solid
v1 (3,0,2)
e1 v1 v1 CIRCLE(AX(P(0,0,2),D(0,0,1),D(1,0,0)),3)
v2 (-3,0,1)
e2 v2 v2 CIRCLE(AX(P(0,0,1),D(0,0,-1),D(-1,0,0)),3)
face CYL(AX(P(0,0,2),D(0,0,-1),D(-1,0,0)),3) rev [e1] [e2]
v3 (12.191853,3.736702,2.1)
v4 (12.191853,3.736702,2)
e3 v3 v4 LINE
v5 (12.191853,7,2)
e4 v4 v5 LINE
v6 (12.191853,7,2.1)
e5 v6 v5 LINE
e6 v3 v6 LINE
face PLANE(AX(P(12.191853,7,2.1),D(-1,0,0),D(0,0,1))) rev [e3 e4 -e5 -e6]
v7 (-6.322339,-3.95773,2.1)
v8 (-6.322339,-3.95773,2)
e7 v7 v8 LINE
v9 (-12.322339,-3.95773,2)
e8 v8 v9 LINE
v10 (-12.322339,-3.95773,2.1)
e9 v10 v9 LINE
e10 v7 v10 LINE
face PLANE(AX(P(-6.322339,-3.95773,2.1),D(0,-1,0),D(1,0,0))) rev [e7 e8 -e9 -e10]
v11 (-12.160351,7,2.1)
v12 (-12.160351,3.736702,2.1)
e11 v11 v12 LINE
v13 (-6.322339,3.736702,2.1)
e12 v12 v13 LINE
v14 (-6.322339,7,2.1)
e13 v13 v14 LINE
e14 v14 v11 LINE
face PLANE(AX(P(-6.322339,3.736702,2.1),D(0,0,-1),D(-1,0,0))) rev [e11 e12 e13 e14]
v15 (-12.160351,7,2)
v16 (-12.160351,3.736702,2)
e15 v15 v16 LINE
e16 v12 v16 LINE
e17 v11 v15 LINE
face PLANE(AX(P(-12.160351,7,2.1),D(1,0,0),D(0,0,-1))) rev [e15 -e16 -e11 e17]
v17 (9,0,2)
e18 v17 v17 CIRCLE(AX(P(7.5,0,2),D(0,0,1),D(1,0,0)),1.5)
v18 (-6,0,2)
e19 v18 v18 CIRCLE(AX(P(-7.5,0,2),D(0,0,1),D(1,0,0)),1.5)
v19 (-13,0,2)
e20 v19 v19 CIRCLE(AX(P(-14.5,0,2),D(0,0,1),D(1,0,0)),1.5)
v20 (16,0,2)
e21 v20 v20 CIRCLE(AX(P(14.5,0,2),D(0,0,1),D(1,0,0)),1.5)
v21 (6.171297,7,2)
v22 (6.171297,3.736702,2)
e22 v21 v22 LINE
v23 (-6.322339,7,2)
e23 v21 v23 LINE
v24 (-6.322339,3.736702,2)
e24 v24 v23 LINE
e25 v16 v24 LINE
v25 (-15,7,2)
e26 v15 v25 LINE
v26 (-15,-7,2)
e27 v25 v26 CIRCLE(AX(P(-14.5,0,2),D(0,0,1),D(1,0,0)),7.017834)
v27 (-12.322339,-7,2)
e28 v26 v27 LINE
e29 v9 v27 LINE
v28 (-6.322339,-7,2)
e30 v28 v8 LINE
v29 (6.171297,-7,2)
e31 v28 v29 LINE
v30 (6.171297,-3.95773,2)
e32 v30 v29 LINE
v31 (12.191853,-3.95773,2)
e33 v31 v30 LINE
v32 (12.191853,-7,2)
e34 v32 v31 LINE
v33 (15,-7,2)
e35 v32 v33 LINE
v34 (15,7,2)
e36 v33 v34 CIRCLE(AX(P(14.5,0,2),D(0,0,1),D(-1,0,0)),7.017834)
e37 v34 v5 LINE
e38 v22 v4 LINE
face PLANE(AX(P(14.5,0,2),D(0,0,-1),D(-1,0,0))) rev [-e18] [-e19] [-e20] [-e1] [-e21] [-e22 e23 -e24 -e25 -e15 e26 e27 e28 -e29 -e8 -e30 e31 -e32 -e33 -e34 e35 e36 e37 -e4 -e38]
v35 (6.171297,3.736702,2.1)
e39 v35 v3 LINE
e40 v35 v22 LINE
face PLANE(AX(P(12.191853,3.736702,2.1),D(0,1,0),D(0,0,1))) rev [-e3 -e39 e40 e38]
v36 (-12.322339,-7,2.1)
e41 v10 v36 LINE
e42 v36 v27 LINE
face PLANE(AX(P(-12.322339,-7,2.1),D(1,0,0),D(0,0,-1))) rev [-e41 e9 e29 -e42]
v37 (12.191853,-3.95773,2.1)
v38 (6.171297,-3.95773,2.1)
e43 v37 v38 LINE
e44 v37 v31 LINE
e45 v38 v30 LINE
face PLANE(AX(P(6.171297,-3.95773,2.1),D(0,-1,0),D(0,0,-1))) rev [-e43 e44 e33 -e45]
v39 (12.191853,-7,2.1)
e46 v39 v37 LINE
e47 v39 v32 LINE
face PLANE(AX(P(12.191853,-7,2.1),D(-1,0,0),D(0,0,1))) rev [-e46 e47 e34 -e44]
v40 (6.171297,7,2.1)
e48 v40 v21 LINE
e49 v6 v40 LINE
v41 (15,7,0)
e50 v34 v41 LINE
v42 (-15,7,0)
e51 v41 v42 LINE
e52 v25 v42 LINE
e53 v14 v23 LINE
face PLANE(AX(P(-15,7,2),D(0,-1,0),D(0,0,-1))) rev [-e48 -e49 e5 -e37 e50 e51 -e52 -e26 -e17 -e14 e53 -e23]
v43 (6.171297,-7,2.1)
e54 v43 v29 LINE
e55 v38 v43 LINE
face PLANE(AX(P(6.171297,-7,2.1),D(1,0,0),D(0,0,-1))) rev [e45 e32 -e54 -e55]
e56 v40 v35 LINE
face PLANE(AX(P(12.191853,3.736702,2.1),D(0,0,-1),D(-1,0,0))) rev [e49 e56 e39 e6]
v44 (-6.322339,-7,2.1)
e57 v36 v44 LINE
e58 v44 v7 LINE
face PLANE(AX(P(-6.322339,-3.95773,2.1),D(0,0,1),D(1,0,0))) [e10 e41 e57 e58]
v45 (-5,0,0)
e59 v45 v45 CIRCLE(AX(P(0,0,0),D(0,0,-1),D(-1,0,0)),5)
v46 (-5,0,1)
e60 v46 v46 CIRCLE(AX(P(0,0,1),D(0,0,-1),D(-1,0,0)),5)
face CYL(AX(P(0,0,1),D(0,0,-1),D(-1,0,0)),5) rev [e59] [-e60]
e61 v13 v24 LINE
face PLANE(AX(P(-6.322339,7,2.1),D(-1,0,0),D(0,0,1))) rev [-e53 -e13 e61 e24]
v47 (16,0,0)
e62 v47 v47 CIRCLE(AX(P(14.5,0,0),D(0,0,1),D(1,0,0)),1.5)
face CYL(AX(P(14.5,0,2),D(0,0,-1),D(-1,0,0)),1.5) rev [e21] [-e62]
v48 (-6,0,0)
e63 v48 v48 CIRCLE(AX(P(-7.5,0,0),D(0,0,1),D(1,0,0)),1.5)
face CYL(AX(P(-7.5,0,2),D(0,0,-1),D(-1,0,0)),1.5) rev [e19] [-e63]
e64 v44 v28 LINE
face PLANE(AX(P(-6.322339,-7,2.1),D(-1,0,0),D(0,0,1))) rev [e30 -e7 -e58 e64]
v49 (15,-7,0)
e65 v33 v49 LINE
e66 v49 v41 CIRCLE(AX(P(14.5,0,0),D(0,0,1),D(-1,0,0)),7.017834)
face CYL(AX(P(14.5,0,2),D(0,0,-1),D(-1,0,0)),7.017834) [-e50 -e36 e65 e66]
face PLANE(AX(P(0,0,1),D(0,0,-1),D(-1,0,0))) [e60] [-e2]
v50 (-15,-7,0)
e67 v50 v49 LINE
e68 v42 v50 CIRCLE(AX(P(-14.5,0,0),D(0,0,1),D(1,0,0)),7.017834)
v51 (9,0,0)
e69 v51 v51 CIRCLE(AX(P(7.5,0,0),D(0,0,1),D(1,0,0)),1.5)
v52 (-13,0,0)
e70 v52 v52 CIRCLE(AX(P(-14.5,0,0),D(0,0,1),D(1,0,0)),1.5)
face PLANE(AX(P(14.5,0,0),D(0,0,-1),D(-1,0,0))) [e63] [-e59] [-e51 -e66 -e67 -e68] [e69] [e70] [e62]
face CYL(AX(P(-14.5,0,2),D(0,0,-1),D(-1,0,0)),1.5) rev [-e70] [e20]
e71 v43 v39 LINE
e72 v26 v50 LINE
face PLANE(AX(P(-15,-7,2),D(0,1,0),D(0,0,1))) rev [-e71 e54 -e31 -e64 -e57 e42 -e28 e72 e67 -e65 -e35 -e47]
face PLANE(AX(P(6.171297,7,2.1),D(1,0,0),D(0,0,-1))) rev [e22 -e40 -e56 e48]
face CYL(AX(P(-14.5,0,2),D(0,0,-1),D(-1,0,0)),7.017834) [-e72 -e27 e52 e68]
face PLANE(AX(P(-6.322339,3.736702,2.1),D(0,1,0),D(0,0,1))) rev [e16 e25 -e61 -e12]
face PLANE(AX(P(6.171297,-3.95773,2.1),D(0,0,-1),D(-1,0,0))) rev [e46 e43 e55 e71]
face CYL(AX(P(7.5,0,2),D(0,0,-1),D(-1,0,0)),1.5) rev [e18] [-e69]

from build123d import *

# Parameters (mm, degrees)
SKETCH1_R           = 3
SKETCH1_R_2         = 1.5
BOSS_EXTRUDE1_DEPTH = 2
SKETCH2_W           = 6.020555891
SKETCH2_H           = 3.042269969
SKETCH2_H_2         = 3.263297615
SKETCH2_W_2         = 6
SKETCH2_W_3         = 5.83801195
BOSS_EXTRUDE2_DEPTH = 0.1
SKETCH3_R           = 5
CUT_EXTRUDE1_DEPTH  = 1


with BuildPart() as part:
    # Sketch1 → Boss-Extrude1 (new body)
    with BuildSketch(Plane.XY):
        with BuildLine():
            Line((-15, -7), (15, -7))
            ThreePointArc((15, -7), (21.517834424, 0), (15, 7))
            Line((15, 7), (-15, 7))
            ThreePointArc((-15, 7), (-21.517834424, 0), (-15, -7))
        make_face()
        Circle(SKETCH1_R, mode=Mode.SUBTRACT)
        with Locations((-14.5, 0)):
            Circle(SKETCH1_R_2, mode=Mode.SUBTRACT)
        with Locations((14.5, 0)):
            Circle(SKETCH1_R_2, mode=Mode.SUBTRACT)
        with Locations((-7.5, 0)):
            Circle(SKETCH1_R_2, mode=Mode.SUBTRACT)
        with Locations((7.5, 0)):
            Circle(SKETCH1_R_2, mode=Mode.SUBTRACT)
    extrude(amount=BOSS_EXTRUDE1_DEPTH)

    # Sketch2 → Boss-Extrude2 (add)
    with BuildSketch(Plane.XY.offset(2)):
        with Locations((9.181574615, -5.478865016)):
            Rectangle(SKETCH2_W, SKETCH2_H)
        with Locations((9.181574615, 5.368351193)):
            Rectangle(SKETCH2_W, SKETCH2_H_2)
        with Locations((-9.322339138, -5.478865016)):
            Rectangle(SKETCH2_W_2, SKETCH2_H)
        with Locations((-9.241345113, 5.368351193)):
            Rectangle(SKETCH2_W_3, SKETCH2_H_2)
    extrude(amount=BOSS_EXTRUDE2_DEPTH)

    # Sketch3 → Cut-Extrude1 (cut)
    with BuildSketch(Plane(origin=(0, 0, 0), x_dir=(-1, 0, 0), z_dir=(0, 0, -1))):
        Circle(SKETCH3_R)
    extrude(amount=-CUT_EXTRUDE1_DEPTH, mode=Mode.SUBTRACT)


solid = part.part
